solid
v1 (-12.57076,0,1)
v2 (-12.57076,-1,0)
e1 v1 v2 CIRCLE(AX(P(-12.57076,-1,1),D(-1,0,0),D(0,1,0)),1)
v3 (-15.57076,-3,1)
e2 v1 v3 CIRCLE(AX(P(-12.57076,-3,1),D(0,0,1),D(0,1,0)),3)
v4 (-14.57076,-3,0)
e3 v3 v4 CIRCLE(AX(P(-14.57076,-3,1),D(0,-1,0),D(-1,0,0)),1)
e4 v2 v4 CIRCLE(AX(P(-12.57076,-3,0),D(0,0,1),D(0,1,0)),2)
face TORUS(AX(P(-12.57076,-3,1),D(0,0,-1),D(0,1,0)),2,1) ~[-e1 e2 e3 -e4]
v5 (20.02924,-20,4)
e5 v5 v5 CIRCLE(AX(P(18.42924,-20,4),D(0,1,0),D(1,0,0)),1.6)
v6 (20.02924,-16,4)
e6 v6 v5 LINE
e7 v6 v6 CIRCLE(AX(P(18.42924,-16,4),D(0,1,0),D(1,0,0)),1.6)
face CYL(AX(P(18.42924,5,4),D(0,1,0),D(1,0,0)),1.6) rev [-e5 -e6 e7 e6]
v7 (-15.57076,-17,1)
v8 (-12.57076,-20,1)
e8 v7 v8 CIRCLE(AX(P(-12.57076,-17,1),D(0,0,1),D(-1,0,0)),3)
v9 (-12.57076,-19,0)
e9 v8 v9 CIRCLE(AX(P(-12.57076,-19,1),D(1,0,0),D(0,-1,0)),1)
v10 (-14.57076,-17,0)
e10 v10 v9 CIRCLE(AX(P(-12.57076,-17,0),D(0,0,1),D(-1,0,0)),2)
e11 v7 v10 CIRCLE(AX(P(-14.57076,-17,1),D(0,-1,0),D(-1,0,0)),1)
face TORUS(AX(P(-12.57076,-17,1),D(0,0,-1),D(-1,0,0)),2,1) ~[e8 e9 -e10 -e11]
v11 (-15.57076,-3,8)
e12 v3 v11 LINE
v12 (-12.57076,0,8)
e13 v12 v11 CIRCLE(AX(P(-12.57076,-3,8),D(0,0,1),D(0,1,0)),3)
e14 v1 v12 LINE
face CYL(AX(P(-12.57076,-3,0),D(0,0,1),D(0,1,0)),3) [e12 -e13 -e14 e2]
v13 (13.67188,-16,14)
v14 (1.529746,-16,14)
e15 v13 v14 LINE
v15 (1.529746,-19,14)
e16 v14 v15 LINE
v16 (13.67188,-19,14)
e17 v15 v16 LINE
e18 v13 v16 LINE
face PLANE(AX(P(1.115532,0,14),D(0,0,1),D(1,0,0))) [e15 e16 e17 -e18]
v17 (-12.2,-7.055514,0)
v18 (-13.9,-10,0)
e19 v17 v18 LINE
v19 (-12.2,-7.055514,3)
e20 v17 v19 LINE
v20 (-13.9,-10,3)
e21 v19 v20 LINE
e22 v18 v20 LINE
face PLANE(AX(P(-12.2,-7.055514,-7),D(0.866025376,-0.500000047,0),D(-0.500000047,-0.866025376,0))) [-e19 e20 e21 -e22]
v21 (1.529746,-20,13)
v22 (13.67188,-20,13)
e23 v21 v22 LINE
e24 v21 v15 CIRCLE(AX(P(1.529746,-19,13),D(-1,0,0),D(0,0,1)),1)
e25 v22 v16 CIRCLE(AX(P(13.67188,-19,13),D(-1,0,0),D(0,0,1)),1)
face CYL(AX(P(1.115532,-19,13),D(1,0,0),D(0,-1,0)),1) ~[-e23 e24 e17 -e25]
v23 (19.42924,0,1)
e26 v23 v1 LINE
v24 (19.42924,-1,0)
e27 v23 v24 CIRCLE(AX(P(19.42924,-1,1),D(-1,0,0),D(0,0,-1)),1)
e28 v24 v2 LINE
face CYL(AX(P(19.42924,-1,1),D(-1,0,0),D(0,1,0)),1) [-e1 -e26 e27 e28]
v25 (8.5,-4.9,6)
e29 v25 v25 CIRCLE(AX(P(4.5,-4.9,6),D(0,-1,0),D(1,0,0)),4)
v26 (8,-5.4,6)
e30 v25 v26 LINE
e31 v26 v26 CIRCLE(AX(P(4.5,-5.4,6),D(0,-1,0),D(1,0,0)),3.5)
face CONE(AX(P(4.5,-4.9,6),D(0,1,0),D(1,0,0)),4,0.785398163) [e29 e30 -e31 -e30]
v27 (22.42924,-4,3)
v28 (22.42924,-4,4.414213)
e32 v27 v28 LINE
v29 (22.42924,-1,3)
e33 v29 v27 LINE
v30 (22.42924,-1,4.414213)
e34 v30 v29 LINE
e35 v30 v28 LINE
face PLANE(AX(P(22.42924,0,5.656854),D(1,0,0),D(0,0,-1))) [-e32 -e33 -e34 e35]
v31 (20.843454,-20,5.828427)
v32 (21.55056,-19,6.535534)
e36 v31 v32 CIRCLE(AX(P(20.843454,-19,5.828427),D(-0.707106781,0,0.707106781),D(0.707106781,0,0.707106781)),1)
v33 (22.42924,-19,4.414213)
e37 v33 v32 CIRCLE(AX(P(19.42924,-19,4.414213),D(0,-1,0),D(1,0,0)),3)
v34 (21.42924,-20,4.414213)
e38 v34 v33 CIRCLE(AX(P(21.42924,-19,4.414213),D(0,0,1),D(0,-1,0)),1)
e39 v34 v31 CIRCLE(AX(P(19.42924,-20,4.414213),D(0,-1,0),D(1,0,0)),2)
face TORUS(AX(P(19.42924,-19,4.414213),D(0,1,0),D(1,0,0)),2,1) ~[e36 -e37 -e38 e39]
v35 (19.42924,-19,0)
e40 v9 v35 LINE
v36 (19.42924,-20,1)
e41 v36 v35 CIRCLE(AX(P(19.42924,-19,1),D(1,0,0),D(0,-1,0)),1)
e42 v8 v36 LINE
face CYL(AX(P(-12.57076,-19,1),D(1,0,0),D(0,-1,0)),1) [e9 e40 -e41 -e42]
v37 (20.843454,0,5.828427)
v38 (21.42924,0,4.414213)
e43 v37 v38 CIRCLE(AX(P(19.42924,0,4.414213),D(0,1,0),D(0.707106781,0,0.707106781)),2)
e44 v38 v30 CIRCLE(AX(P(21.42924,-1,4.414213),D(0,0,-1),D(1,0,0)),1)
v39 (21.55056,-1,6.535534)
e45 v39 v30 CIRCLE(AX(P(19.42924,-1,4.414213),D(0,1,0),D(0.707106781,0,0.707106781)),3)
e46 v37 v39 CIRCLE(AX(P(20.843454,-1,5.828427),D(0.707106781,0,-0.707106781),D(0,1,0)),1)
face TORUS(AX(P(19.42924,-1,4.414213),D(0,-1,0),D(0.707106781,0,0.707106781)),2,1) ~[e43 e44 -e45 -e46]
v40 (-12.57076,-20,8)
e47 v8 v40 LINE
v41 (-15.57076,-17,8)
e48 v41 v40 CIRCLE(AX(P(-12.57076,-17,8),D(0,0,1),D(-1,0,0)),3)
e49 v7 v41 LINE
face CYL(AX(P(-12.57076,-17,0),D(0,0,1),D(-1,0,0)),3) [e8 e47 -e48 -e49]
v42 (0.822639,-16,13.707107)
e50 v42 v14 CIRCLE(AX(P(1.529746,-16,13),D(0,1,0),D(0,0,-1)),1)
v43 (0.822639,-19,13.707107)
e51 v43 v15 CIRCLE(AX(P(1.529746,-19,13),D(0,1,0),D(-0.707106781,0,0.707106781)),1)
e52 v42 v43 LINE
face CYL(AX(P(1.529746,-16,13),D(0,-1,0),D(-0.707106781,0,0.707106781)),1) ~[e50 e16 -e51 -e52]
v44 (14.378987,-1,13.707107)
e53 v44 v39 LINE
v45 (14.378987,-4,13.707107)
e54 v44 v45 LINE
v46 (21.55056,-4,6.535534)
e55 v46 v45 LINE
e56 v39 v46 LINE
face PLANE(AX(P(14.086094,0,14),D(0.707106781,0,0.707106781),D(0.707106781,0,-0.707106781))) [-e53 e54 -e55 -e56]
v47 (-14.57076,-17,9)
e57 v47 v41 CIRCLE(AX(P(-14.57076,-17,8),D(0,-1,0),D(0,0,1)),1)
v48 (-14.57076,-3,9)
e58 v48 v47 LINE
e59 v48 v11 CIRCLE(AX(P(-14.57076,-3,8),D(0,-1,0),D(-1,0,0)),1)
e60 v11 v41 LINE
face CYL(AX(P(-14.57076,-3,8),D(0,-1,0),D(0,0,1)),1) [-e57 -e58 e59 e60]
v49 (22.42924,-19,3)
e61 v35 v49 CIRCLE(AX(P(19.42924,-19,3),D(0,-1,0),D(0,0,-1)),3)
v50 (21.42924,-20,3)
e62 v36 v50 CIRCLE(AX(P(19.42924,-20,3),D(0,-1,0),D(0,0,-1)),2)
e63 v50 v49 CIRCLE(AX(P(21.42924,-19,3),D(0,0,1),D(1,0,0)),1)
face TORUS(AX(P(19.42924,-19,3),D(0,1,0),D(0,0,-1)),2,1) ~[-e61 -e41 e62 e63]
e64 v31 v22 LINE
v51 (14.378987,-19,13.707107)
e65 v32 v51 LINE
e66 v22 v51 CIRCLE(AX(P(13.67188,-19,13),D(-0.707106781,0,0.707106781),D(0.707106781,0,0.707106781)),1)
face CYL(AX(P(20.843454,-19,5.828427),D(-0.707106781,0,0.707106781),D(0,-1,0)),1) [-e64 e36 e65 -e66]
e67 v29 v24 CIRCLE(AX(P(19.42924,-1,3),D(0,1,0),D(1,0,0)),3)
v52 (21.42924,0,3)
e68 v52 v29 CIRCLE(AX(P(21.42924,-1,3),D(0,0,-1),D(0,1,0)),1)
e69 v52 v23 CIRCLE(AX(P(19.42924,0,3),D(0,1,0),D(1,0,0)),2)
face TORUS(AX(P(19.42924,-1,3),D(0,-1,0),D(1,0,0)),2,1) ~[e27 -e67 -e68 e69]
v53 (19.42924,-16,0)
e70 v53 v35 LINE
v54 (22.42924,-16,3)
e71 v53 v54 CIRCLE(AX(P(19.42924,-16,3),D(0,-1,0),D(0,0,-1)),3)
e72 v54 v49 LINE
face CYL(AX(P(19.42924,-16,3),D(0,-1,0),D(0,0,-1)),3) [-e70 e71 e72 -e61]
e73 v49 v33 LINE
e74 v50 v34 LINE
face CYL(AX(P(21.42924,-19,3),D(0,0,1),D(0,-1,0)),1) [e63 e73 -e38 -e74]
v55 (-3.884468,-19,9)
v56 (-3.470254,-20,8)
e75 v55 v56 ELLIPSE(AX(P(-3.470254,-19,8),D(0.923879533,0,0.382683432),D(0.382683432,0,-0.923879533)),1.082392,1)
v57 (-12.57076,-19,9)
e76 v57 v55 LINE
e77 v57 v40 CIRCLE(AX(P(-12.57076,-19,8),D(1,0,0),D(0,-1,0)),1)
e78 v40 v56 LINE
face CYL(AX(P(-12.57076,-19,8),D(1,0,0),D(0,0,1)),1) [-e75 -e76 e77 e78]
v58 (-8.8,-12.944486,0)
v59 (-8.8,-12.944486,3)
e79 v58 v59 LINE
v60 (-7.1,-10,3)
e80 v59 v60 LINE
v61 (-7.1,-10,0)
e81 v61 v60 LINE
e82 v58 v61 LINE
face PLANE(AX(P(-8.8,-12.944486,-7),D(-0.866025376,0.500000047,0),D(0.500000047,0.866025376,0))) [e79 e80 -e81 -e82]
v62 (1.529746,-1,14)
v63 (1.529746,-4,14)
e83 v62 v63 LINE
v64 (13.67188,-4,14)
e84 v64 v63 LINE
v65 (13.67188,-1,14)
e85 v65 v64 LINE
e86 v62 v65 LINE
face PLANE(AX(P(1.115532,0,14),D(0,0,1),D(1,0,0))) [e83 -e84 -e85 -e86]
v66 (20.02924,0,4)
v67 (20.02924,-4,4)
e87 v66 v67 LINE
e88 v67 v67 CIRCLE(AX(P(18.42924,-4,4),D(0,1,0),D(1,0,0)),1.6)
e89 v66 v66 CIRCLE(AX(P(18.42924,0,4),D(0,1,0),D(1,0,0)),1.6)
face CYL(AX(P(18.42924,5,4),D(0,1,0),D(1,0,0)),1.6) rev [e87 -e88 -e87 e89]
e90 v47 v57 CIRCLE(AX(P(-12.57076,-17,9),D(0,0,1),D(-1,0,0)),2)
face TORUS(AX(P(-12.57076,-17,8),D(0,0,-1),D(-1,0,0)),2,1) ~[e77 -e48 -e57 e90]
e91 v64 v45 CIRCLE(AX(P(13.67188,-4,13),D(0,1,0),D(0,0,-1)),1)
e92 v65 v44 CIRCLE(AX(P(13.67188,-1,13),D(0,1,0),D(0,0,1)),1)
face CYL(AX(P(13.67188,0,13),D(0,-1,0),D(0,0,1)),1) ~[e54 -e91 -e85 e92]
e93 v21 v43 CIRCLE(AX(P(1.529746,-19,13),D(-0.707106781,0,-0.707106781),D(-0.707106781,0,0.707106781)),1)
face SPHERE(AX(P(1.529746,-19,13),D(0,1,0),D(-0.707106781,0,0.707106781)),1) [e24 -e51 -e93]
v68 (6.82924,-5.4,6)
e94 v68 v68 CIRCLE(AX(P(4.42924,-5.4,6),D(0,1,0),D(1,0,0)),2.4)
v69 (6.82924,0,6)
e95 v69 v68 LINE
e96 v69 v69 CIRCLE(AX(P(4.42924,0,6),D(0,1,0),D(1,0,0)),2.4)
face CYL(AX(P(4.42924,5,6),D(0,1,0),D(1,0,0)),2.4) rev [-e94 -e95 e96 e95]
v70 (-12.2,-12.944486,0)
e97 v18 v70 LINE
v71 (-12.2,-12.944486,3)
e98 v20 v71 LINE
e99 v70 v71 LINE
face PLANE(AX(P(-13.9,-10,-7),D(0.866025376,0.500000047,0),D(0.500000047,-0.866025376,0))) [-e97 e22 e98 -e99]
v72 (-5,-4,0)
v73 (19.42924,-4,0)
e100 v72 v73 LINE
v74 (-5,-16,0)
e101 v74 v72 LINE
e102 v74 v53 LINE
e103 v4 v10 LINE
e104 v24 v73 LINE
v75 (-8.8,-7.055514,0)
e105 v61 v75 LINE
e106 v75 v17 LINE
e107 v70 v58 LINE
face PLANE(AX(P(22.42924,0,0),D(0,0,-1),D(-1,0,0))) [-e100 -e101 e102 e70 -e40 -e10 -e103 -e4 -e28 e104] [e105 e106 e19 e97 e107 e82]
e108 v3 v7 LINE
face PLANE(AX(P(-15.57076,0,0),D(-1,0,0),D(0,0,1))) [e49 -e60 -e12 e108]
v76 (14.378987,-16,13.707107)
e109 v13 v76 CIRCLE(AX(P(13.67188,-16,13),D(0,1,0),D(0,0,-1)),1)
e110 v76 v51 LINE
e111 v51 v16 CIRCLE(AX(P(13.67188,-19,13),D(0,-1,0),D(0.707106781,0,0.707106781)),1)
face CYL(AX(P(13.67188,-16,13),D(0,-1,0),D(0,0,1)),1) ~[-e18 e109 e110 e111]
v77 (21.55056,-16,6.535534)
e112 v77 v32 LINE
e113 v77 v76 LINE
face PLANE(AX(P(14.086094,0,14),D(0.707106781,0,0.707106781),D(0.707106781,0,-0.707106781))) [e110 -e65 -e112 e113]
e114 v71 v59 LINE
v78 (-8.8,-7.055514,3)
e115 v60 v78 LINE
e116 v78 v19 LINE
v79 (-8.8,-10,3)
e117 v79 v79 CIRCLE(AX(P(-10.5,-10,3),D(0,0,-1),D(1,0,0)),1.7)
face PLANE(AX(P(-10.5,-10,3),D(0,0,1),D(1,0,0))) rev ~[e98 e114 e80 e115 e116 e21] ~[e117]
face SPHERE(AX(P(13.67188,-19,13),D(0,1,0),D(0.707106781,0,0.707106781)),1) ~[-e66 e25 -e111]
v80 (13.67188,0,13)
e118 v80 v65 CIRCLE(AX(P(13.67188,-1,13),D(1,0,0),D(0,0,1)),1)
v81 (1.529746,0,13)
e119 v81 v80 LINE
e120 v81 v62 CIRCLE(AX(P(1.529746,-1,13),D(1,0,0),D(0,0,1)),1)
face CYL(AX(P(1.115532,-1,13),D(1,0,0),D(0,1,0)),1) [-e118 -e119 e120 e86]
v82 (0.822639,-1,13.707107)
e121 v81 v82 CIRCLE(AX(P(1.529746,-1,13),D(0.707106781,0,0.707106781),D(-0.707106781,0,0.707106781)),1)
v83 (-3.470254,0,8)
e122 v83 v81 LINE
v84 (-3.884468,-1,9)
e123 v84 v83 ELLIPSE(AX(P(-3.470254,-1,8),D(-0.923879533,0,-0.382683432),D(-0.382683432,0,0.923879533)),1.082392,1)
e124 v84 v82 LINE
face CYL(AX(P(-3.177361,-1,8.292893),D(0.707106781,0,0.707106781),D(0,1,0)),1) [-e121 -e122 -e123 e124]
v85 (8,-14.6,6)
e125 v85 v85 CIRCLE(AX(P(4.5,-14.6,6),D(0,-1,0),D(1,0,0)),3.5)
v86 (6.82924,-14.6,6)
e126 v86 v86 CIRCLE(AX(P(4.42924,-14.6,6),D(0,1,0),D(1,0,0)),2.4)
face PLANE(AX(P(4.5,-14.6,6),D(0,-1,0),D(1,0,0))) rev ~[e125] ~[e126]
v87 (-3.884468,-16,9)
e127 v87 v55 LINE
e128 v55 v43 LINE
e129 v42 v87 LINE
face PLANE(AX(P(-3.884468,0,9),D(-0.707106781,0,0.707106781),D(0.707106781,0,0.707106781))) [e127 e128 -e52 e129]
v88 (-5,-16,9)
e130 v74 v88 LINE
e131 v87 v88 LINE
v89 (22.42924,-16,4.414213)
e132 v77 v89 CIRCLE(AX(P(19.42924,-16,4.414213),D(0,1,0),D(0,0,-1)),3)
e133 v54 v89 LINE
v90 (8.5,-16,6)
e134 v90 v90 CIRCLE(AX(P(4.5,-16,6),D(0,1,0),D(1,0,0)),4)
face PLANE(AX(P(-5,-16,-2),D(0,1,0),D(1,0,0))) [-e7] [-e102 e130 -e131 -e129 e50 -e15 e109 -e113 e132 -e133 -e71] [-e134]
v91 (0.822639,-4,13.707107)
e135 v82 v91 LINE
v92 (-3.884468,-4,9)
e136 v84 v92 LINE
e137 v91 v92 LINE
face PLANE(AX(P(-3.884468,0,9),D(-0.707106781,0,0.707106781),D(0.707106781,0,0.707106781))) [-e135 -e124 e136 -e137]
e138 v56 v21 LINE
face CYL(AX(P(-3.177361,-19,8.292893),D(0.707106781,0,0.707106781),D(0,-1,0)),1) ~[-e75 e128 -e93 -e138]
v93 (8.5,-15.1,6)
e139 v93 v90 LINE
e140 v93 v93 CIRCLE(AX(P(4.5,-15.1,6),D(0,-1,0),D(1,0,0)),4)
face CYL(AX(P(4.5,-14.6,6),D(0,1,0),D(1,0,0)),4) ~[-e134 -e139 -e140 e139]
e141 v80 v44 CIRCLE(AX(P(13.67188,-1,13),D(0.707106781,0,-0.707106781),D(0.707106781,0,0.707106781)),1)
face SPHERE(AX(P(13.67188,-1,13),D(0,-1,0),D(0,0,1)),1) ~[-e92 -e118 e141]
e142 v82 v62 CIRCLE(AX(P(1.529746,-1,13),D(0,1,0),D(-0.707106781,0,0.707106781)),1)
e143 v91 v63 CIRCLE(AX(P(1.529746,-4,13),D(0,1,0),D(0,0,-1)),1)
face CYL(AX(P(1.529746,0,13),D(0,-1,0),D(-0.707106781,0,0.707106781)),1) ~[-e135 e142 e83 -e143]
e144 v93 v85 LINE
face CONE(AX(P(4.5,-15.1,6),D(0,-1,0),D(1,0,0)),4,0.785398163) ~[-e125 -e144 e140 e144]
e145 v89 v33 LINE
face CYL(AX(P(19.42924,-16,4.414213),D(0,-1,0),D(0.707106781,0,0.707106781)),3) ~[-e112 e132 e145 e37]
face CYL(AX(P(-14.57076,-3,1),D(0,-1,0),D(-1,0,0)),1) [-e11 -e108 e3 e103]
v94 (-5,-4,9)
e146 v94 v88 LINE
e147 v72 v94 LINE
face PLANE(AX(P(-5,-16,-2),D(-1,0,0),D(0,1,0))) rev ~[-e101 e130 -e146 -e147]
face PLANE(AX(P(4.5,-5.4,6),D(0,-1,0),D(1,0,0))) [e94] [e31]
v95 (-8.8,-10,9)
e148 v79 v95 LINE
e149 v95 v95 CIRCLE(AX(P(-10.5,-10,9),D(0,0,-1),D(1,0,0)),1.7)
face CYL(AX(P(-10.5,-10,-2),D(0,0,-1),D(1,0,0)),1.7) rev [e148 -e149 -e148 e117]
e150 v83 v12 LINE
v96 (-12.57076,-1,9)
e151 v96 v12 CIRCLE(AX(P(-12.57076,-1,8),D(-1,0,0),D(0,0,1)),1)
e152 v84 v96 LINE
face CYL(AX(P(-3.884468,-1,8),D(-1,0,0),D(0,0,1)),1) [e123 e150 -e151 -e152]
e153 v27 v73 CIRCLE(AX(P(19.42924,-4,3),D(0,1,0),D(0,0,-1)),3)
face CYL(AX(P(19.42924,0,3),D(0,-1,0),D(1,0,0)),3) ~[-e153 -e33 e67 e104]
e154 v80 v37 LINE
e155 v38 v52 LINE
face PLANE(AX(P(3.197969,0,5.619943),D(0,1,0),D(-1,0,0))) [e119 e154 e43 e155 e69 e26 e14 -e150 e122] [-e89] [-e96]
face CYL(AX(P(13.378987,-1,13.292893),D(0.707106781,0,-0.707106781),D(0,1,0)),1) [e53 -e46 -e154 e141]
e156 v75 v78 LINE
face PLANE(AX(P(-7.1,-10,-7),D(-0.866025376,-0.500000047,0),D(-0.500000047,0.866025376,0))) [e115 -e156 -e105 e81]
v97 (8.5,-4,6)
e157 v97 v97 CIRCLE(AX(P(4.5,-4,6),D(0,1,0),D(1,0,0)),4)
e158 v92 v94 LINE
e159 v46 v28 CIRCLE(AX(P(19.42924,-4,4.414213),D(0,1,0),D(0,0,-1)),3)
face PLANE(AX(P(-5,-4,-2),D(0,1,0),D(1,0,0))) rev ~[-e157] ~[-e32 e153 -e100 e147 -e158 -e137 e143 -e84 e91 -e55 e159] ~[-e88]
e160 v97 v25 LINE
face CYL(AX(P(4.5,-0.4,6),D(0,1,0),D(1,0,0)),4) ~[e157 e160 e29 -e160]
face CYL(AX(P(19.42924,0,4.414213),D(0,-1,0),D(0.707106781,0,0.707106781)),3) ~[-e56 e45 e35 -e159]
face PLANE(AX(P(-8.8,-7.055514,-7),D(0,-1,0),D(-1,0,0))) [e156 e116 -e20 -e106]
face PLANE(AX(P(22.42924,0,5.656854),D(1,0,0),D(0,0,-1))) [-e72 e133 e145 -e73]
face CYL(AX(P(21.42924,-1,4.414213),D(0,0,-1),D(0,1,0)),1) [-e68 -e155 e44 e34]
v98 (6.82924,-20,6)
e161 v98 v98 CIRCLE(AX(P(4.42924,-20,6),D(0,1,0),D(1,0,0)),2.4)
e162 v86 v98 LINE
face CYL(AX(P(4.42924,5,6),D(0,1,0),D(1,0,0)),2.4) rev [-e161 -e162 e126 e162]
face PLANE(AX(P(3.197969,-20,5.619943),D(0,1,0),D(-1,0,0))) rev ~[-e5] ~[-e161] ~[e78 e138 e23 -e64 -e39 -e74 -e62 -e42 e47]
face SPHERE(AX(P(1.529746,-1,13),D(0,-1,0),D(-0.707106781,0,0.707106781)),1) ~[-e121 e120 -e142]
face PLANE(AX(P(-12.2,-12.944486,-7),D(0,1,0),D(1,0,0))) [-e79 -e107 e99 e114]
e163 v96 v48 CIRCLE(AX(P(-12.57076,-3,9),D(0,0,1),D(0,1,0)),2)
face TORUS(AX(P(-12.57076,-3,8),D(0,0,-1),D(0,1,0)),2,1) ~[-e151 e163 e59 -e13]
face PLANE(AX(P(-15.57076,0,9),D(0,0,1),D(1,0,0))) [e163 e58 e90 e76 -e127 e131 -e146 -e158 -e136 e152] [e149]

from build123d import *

# Parameters (mm, degrees)
SKETCH012_R            = 2.4
SKETCH012_R_2          = 1.6
PAD010_DEPTH           = 30
CYLINDER005_R          = 4
CYLINDER005_DEPTH      = 5
CYLINDER005_ROLL_ANGLE = 90
CYLINDER004_R          = 4
CYLINDER004_DEPTH      = 5
CYLINDER004_ROLL_ANGLE = 90
CHAMFER_SIZE           = 0.5
CYLINDER003_R          = 1.7
CYLINDER003_DEPTH      = 15
PRISM_DEPTH            = 10
BOX013_W               = 30
BOX013_H               = 12
BOX013_DEPTH           = 20
PAD009_DEPTH           = 20
FILLET015_R            = 3
FILLET016_R            = 1


with BuildPart() as pad010:
    # Sketch012 → Pad010 (new body)
    with BuildSketch(Plane.XZ.offset(-5)):
        with Locations((4.42924, 6)):
            Circle(SKETCH012_R)
        with Locations((18.42924, 4)):
            Circle(SKETCH012_R_2)
    extrude(amount=PAD010_DEPTH)


with BuildPart() as cylinder005:
    # Cylinder005 → Cylinder005 (new body)
    with BuildSketch(Plane.XY):
        Circle(CYLINDER005_R)
    extrude(amount=CYLINDER005_DEPTH)


with BuildPart() as cylinder005_1:
    # Cylinder005 roll: moved
    add(cylinder005.part.rotate(Axis((0, 0, 0), (1, 0, 0)), CYLINDER005_ROLL_ANGLE))


with BuildPart() as cylinder005_2:
    # Cylinder005 placement: moved
    add(cylinder005_1.part.moved(Location((4.5, -14.6, 6))))


with BuildPart() as chamfer_body:
    # Cylinder004 → Cylinder004 (new body)
    with BuildSketch(Plane.XY):
        Circle(CYLINDER004_R)
    extrude(amount=CYLINDER004_DEPTH)


with BuildPart() as chamfer_body_1:
    # Cylinder004 roll: moved
    add(chamfer_body.part.rotate(Axis((0, 0, 0), (1, 0, 0)), CYLINDER004_ROLL_ANGLE))


with BuildPart() as chamfer_body_2:
    # Cylinder004 placement: moved
    add(chamfer_body_1.part.moved(Location((4.5, -0.4, 6))))

    # Fusion006: union Cylinder005
    add(cylinder005_2.part)

    # Chamfer
    chamfer_edges = [chamfer_body_2.edges().sort_by_distance(p)[0] for p in [
        (0.5, -5.4, 6),
        (0.5, -14.6, 6),
    ]]
    chamfer(chamfer_edges, length=CHAMFER_SIZE)


with BuildPart() as cylinder003:
    # Cylinder003 → Cylinder003 (new body)
    with BuildSketch(Plane(origin=(-10.5, -10, -2), x_dir=(1, 0, 0), z_dir=(0, 0, 1))):
        Circle(CYLINDER003_R)
    extrude(amount=CYLINDER003_DEPTH)


with BuildPart() as prism:
    # Prism → Prism (new body)
    with BuildSketch(Plane(origin=(-10.5, -10, -7), x_dir=(1, 0, 0), z_dir=(0, 0, 1))):
        Polygon((3.4, 0), (1.7, 2.944486), (-1.7, 2.944486), (-3.4, 0), (-1.7, -2.944486), (1.7, -2.944486), align=None)
    extrude(amount=PRISM_DEPTH)


with BuildPart() as cube013:
    # Box013 → Box013 (new body)
    with BuildSketch(Plane(origin=(-5, -16, -2), x_dir=(1, 0, 0), z_dir=(0, 0, 1))):
        with Locations((15, 6)):
            Rectangle(BOX013_W, BOX013_H)
    extrude(amount=BOX013_DEPTH)


with BuildPart() as cut021:
    # Sketch011 → Pad009 (new body)
    with BuildSketch(Plane.XZ):
        Polygon((-15.57076, 9), (-3.884468, 9), (1.115532, 14), (14.086094, 14), (22.42924, 5.656854), (22.42924, 0), (-15.57076, 0), align=None)
    extrude(amount=PAD009_DEPTH)

    # Cut018: cut Cube013
    add(cube013.part, mode=Mode.SUBTRACT)

    # Cut019: cut Prism
    add(prism.part, mode=Mode.SUBTRACT)

    # Cut020: cut Cylinder003
    add(cylinder003.part, mode=Mode.SUBTRACT)

    # Fillet015
    fillet015_edges = [cut021.edges().sort_by_distance(p)[0] for p in [
        (-15.57076, 0, 4.5),
        (-15.57076, -20, 4.5),
        (22.42924, -2, 5.656854),
        (22.42924, -2, 0),
        (22.42924, -18, 0),
        (22.42924, -18, 5.656854),
    ]]
    fillet(fillet015_edges, radius=FILLET015_R)

    # Fillet016
    fillet016_edges = [cut021.edges().sort_by_distance(p)[0] for p in [
        (-14.69208, -19.12132, 9),
        (-8.227614, -20, 9),
        (-1.384468, 0, 11.5),
        (7.600813, 0, 14),
        (17.818327, 0, 10.267767),
        (1.115532, -2, 14),
        (-1.384468, -20, 11.5),
        (7.600813, -20, 14),
        (17.818327, -20, 10.267767),
        (1.115532, -18, 14),
        (14.086094, -2, 14),
        (14.086094, -18, 14),
    ]]
    fillet(fillet016_edges, radius=FILLET016_R)

    # Fusion007: union Chamfer body
    add(chamfer_body_2.part)

    # Cut021: cut Pad010
    add(pad010.part, mode=Mode.SUBTRACT)


solid = cut021.part
